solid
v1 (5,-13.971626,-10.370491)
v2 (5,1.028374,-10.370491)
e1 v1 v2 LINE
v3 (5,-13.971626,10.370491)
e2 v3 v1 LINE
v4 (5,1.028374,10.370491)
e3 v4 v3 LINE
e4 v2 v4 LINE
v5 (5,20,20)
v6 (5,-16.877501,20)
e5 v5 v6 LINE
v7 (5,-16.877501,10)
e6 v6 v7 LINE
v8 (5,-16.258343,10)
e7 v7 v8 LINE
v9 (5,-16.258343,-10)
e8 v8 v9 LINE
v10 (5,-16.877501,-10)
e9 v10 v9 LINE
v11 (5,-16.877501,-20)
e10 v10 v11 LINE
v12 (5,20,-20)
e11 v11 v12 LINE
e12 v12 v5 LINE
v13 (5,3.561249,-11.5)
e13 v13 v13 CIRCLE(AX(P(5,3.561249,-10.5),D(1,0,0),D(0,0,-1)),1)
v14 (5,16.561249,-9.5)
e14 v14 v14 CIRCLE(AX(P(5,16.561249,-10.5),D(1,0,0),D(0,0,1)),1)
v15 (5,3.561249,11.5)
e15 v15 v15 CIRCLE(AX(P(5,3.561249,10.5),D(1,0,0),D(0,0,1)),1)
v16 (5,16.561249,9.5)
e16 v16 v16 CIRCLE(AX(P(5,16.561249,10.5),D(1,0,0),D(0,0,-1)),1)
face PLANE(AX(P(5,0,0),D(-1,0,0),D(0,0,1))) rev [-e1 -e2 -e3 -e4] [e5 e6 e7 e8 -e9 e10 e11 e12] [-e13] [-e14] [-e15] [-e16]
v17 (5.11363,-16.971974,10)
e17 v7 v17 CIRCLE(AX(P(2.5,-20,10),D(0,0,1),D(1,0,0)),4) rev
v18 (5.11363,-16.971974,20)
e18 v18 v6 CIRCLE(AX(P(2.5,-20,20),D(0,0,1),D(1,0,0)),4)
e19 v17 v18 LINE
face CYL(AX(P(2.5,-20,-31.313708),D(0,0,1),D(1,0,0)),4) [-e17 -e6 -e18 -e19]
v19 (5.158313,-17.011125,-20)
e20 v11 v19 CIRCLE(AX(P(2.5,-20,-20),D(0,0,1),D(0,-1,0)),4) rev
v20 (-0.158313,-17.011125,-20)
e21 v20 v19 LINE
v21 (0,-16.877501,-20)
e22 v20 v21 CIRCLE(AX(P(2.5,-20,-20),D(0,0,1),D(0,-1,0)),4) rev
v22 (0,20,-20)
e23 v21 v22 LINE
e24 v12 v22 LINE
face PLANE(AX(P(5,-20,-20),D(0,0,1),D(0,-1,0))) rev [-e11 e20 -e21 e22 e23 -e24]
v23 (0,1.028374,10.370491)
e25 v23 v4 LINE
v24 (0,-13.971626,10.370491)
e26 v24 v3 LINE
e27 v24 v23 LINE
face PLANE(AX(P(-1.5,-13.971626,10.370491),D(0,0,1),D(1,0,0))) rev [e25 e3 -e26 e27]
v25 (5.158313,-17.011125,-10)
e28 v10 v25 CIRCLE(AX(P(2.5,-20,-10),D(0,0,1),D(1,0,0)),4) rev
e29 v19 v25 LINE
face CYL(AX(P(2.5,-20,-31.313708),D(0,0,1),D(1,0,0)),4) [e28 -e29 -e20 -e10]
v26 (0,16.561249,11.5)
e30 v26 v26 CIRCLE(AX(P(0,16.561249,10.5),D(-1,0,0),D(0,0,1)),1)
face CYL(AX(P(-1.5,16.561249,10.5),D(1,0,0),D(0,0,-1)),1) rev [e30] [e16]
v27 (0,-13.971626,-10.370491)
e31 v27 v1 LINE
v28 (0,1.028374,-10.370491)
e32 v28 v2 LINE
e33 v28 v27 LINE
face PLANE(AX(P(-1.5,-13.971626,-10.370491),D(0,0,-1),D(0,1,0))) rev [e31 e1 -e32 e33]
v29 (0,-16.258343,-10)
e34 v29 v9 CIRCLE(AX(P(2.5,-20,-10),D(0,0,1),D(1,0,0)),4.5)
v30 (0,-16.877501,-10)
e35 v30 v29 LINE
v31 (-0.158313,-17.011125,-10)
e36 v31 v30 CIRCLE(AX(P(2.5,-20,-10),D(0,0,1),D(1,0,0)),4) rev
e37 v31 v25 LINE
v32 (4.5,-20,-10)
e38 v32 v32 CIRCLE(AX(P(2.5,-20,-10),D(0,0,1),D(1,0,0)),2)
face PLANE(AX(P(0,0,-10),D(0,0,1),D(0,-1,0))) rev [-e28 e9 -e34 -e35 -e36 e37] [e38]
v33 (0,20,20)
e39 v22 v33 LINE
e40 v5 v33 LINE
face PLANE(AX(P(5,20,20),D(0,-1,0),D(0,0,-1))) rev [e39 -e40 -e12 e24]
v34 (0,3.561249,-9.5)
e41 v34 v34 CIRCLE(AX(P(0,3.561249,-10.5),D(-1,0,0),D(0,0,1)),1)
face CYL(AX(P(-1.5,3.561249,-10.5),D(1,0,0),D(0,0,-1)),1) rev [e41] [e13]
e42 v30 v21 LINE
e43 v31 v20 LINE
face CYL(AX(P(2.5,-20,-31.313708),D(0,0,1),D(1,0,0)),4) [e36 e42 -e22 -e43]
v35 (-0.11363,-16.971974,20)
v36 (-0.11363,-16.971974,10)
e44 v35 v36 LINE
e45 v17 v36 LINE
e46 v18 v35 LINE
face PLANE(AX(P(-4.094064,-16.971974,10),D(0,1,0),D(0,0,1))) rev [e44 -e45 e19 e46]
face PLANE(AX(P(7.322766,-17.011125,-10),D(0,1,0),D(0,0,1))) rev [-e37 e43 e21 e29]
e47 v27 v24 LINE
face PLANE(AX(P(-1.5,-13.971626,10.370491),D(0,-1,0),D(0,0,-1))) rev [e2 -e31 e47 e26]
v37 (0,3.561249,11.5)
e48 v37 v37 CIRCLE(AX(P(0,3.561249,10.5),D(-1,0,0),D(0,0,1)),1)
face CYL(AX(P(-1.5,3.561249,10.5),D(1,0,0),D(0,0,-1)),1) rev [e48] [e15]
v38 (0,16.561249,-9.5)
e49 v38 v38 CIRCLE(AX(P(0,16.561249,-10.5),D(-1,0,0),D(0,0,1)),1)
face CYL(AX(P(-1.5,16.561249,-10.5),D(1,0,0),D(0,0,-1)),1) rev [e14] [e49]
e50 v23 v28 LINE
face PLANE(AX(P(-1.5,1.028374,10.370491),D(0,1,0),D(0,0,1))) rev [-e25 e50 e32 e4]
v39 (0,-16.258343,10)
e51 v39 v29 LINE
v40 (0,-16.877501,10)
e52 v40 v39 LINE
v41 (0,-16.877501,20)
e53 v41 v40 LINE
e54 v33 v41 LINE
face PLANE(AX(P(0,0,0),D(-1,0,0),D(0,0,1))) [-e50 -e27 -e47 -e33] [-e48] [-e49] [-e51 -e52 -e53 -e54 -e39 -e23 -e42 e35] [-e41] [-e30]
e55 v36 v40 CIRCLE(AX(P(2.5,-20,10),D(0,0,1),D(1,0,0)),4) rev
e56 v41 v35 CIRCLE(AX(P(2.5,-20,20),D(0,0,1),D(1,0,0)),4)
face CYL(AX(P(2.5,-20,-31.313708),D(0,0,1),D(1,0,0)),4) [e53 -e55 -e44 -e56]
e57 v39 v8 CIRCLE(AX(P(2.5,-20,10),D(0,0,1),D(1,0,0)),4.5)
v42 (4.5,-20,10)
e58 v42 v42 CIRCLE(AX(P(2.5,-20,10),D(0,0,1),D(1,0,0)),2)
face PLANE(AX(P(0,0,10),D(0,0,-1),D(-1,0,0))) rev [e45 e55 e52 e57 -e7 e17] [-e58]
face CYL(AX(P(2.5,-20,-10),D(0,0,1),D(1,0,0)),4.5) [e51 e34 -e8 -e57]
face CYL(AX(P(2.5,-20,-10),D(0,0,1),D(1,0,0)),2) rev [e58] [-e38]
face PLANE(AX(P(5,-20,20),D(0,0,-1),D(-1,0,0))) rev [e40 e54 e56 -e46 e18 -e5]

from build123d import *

# Parameters (mm, degrees)
SKETCH1_W           = 40
SKETCH1_H           = 40
BOSS_EXTRUDE1_DEPTH = 5
SKETCH2_R           = 4
SKETCH2_R_2         = 1.5
BOSS_EXTRUDE2_DEPTH = 40
SKETCH4_R           = 1.5
CUT_EXTRUDE1_DEPTH  = 40
SKETCH5_W           = 9.64553252
SKETCH5_H           = 8.977750056
CUT_EXTRUDE3_DEPTH  = 10
SKETCH6_W           = 13.188128002
SKETCH6_H           = 14.056051126
CUT_EXTRUDE4_DEPTH  = 10
SKETCH8_R           = 1
CUT_EXTRUDE5_DEPTH  = 7.5
SKETCH9_W           = 20.740982478
SKETCH9_H           = 15
CUT_EXTRUDE6_DEPTH  = 7.5
SKETCH16_R          = 4.5
BOSS_EXTRUDE3_DEPTH = 20
SKETCH17_R          = 2
CUT_EXTRUDE7_DEPTH  = 20


with BuildPart() as part:
    # Sketch1 → Boss-Extrude1 (new body)
    with BuildSketch(Plane(origin=(0, 0, 0), x_dir=(0, 0, -1), z_dir=(1, 0, 0))):
        Rectangle(SKETCH1_W, SKETCH1_H)
    extrude(amount=BOSS_EXTRUDE1_DEPTH)

    # Sketch2 → Boss-Extrude2 (add)
    with BuildSketch(Plane.XY.offset(20)):
        with Locations((2.5, -20)):
            Circle(SKETCH2_R)
        with Locations((2.5, -20)):
            Circle(SKETCH2_R_2, mode=Mode.SUBTRACT)
    extrude(amount=-BOSS_EXTRUDE2_DEPTH)

    # Sketch4 → Cut-Extrude1 (cut)
    with BuildSketch(Plane.XY.offset(20)):
        with Locations((2.5, -20)):
            Circle(SKETCH4_R)
    extrude(amount=-CUT_EXTRUDE1_DEPTH, mode=Mode.SUBTRACT)

    # Sketch5 → Cut-Extrude3 (cut)
    with BuildSketch(Plane(origin=(0, 0, -20), x_dir=(-1, 0, 0), z_dir=(0, 0, -1))):
        with Locations((-2.5, -21.5)):
            Rectangle(SKETCH5_W, SKETCH5_H)
    extrude(amount=-CUT_EXTRUDE3_DEPTH, mode=Mode.SUBTRACT)

    # Sketch6 → Cut-Extrude4 (cut)
    with BuildSketch(Plane.XY.offset(20)):
        with Locations((2.5, -24)):
            Rectangle(SKETCH6_W, SKETCH6_H)
    extrude(amount=-CUT_EXTRUDE4_DEPTH, mode=Mode.SUBTRACT)

    # Sketch8 → Cut-Extrude5 (cut, through all)
    with BuildSketch(Plane(origin=(5, 0, 0), x_dir=(0, 0, -1), z_dir=(1, 0, 0))):
        with Locations((-10.5, 16.5612495)):
            Circle(SKETCH8_R)
        with Locations((10.5, 16.5612495)):
            Circle(SKETCH8_R)
        with Locations((10.5, 3.5612495)):
            Circle(SKETCH8_R)
        with Locations((-10.5, 3.5612495)):
            Circle(SKETCH8_R)
    extrude(amount=-CUT_EXTRUDE5_DEPTH, mode=Mode.SUBTRACT)

    # Sketch9 → Cut-Extrude6 (cut, through all)
    with BuildSketch(Plane(origin=(5, 0, 0), x_dir=(0, 0, -1), z_dir=(1, 0, 0))):
        with Locations((0, -6.471626191)):
            Rectangle(SKETCH9_W, SKETCH9_H)
    extrude(amount=-CUT_EXTRUDE6_DEPTH, mode=Mode.SUBTRACT)

    # Sketch16 → Boss-Extrude3 (add)
    with BuildSketch(Plane.XY.offset(10)):
        with Locations((2.5, -20)):
            Circle(SKETCH16_R)
    extrude(amount=-BOSS_EXTRUDE3_DEPTH)

    # Sketch17 → Cut-Extrude7 (cut)
    with BuildSketch(Plane.XY.offset(10)):
        with Locations((2.5, -20)):
            Circle(SKETCH17_R)
    extrude(amount=-CUT_EXTRUDE7_DEPTH, mode=Mode.SUBTRACT)


solid = part.part
